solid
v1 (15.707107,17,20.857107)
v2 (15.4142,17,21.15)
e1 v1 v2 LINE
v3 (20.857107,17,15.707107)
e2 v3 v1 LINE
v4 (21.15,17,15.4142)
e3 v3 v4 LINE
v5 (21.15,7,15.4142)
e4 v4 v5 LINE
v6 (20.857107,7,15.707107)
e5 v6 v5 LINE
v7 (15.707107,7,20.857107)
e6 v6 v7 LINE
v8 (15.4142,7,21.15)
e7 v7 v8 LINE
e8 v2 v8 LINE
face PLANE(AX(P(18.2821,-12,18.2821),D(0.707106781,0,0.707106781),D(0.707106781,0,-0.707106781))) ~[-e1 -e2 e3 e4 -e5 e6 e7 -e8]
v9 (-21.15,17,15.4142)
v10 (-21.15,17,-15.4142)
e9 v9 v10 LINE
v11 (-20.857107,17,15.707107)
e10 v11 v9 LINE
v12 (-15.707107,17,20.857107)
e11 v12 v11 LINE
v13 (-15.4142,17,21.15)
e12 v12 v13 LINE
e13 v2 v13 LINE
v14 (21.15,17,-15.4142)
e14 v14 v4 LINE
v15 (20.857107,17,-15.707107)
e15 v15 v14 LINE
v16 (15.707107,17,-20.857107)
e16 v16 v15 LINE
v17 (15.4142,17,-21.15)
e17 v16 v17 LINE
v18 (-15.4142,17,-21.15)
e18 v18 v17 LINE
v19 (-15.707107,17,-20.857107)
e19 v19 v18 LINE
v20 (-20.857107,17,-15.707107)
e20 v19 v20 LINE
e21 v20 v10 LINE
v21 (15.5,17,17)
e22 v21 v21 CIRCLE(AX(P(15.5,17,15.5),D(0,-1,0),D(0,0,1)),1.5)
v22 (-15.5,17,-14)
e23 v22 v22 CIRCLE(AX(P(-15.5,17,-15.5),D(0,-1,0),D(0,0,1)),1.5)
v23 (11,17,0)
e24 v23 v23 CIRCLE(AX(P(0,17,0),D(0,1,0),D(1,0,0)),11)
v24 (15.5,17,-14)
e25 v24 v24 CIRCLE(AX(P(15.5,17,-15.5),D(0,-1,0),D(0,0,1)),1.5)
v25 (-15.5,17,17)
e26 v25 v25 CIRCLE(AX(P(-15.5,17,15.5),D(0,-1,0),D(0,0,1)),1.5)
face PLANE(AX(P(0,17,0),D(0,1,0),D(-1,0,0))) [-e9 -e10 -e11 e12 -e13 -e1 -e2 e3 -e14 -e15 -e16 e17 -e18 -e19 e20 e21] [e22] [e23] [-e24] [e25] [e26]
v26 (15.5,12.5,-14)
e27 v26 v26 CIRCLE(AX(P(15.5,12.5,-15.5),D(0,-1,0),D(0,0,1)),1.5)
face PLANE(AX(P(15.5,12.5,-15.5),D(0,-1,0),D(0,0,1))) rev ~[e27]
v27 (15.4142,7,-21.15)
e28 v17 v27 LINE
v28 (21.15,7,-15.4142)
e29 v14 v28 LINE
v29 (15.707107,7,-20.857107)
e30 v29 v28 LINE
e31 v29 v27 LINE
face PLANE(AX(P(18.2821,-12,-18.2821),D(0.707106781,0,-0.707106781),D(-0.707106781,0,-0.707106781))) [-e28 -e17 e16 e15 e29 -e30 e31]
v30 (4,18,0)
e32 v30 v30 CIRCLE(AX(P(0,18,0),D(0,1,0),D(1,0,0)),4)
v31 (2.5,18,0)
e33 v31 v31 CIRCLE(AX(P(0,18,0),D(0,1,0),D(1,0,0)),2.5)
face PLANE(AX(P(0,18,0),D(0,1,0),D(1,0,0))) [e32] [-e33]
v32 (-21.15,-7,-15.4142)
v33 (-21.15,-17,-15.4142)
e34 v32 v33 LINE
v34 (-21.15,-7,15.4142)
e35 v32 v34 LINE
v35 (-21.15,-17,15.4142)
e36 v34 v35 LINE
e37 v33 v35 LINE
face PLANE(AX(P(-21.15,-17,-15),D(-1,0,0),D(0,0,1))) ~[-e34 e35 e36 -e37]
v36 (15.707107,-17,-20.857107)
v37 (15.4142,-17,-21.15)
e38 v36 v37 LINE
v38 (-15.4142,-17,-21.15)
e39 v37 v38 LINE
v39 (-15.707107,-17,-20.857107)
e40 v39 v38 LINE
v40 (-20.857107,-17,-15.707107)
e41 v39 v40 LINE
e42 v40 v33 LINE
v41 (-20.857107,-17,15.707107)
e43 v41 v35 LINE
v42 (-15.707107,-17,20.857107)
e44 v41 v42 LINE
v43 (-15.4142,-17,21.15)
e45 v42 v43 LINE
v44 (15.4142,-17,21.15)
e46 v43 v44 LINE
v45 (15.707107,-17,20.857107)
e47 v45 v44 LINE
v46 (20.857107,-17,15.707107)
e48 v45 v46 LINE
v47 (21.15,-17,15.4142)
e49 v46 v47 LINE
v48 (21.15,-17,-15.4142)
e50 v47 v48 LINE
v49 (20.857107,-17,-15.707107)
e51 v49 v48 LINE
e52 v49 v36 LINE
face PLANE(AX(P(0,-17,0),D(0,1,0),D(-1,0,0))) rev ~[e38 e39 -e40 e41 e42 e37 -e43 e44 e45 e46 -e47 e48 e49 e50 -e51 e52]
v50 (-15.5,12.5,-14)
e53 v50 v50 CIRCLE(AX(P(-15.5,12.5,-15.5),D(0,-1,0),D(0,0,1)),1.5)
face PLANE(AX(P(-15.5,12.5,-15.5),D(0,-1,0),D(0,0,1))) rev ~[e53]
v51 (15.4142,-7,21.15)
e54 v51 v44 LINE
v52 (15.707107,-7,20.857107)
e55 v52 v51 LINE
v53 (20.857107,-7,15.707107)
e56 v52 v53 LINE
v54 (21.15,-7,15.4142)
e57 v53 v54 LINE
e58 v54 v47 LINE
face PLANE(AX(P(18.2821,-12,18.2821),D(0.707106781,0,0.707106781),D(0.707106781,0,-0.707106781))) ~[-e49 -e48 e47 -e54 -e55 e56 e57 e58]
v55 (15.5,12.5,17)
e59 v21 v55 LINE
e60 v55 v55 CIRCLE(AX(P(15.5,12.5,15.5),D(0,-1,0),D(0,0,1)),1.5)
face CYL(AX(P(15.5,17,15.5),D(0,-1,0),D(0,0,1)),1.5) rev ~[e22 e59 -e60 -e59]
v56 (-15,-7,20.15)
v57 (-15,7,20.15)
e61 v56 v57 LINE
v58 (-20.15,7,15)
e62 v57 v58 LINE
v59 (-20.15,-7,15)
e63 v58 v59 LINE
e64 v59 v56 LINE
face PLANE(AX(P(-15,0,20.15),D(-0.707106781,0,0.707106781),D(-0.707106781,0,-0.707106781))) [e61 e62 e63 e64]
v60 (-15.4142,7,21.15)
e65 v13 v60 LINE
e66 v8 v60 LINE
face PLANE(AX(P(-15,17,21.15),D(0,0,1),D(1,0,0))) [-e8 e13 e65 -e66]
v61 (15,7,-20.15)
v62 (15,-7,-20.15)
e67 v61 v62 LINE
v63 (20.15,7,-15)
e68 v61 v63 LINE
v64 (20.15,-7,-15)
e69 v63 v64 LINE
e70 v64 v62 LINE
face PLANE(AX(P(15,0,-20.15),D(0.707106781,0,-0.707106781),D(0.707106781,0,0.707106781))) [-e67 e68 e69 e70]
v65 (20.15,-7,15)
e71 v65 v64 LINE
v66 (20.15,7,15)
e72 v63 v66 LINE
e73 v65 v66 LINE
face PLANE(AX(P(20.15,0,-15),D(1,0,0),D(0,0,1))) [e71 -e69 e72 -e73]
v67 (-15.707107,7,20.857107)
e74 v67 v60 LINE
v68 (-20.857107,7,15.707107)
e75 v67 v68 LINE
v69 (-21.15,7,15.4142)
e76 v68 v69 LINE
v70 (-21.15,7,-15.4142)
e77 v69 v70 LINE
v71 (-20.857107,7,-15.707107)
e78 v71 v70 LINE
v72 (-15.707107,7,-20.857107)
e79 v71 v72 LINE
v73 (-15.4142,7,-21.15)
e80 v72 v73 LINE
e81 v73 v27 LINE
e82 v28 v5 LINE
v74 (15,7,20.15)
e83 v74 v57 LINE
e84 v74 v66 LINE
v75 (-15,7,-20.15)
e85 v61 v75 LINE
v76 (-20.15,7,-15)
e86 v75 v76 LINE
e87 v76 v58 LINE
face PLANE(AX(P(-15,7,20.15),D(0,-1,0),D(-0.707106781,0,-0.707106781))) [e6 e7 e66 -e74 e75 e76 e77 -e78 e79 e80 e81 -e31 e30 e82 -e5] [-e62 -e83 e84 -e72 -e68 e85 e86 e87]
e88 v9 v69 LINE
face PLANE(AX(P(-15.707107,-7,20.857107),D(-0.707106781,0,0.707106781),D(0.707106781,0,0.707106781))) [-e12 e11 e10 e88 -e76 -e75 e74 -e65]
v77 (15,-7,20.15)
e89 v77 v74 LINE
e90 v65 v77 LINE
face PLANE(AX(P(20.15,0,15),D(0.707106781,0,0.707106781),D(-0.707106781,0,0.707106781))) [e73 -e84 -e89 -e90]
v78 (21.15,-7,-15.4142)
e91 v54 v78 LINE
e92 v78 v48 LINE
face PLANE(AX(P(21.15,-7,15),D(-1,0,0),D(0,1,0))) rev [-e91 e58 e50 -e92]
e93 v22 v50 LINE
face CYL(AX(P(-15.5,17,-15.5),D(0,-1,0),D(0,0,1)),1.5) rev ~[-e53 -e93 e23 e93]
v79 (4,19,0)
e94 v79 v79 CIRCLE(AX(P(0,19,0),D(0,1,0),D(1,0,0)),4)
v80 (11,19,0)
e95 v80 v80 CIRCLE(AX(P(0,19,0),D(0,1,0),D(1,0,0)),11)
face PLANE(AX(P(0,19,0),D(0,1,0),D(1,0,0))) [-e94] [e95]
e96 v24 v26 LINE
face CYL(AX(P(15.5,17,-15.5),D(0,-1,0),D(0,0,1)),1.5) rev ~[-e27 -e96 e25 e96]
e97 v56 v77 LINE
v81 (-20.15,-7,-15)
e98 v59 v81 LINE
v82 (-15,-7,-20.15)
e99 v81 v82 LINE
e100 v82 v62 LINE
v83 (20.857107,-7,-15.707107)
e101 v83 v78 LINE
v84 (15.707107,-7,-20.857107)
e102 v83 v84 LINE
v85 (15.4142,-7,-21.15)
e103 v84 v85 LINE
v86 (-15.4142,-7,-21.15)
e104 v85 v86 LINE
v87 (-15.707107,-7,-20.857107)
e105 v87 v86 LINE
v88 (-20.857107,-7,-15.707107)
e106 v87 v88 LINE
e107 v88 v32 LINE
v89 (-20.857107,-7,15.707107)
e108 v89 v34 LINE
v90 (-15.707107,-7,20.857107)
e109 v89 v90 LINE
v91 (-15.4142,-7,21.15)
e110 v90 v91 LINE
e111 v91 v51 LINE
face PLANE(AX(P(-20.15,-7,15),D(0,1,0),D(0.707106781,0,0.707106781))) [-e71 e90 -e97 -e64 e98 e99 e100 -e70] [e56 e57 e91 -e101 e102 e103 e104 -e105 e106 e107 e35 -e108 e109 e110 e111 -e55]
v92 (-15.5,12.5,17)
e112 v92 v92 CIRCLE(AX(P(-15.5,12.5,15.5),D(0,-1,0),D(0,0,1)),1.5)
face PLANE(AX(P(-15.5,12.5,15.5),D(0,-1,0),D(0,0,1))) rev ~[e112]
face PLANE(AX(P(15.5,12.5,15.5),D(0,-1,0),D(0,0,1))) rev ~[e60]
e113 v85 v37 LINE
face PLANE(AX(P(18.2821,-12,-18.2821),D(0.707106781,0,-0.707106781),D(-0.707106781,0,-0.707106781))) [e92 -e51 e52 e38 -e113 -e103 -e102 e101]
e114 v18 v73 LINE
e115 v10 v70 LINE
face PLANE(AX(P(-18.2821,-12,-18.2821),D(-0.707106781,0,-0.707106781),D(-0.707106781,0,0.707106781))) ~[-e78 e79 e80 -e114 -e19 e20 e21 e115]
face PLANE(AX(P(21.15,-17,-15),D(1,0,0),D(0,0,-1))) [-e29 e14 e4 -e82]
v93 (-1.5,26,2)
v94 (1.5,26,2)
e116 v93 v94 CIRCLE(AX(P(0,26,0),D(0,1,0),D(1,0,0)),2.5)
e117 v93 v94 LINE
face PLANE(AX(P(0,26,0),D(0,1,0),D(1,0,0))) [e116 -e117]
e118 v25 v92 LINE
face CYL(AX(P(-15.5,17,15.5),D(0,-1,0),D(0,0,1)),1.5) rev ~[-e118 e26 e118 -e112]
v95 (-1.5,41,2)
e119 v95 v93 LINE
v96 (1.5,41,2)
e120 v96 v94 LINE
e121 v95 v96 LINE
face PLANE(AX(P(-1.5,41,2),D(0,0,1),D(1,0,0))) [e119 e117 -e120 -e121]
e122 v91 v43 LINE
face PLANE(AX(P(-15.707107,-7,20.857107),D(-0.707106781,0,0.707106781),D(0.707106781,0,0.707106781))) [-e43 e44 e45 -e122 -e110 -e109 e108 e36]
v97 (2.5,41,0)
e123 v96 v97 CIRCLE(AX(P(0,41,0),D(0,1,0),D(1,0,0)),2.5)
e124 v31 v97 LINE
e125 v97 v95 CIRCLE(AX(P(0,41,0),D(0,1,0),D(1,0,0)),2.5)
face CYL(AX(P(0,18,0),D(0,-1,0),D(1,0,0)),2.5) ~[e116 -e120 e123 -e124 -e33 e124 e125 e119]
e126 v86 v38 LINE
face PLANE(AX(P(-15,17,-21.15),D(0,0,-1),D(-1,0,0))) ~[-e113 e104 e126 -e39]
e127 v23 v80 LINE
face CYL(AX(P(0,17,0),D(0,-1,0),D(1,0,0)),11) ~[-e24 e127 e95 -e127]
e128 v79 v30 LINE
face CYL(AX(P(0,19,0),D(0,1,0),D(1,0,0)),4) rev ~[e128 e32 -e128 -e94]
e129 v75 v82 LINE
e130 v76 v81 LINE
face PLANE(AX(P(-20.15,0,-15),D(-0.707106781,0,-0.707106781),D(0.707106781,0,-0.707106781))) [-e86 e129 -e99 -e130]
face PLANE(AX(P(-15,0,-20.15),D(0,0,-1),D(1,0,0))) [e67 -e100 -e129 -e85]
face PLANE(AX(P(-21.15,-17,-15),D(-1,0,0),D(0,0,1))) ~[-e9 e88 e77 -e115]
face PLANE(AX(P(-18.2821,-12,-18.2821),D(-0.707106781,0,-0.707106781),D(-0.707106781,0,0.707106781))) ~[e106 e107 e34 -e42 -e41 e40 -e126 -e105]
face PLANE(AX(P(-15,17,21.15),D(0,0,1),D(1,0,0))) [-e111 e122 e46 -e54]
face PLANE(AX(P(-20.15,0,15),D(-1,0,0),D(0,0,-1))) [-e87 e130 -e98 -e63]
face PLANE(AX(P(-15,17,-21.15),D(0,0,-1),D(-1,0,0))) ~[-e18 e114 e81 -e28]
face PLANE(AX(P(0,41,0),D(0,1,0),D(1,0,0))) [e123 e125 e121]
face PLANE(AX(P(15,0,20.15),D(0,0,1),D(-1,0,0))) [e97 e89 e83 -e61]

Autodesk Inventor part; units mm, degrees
ref_plane "YZ Plane" through (0, 0, 0) normal (1, 0, 0) x (0, 1, 0)
ref_plane "XZ Plane" through (0, 0, 0) normal (0, 1, 0) x (-1, 0, 0)
ref_plane "XY Plane" through (0, 0, 0) normal (0, 0, 1) x (1, 0, 0)
sketch "Sketch2" plane through (0, 0, 0) normal (0, 1, 0) x (-1, 0, 0)
  line L0 (15, 20.15) -> (20.15, 15)
  line L1 (20.15, 15) -> (20.15, -15)
  line L2 (20.15, -15) -> (15, -20.15)
  line L3 (15, -20.15) -> (-15, -20.15)
  line L4 (-15, -20.15) -> (-20.15, -15)
  line L5 (-20.15, -15) -> (-20.15, 15)
  line L6 (-20.15, 15) -> (-15, 20.15)
  line L7 (-15, 20.15) -> (15, 20.15)
  point P0 (0, 0)
  point P1 (20.15, 0)
  point P2 (0, -20.15)
  dimension "d2" = 30
  dimension "d3" = 40.3
  dimension "d4" = 135
extrude "Extrusion1" add sketch "Sketch2" along normal mid plane 34
sketch "Sketch7" plane through (0, 17, 0) normal (0, 1, 0) x (1, 0, 0)
  circle A0 centre (0, 0) radius 11
  dimension "d27" = 22
extrude "Extrusion3" add sketch "Sketch7" along normal blind 2
sketch "Sketch8" plane through (0, 19, 0) normal (0, 1, 0) x (1, 0, 0)
  circle A0 centre (0, 0) radius 4
  dimension "d30" = 8
extrude "Extrusion4" cut sketch "Sketch8" against normal blind 1
sketch "Sketch9" plane through (0, 18, 0) normal (0, 1, 0) x (1, 0, 0)
  circle A0 centre (0, 0) radius 2.5
  dimension "d33" = 5
extrude "Extrusion5" add sketch "Sketch9" along normal blind 23
sketch "Sketch10" plane through (-15, 17, 20.15) normal (0, 0, 1) x (1, 0, 0)
  line L0 (30, 0) -> (30, -34) projected
  line L1 (0, 0) -> (30, 0) projected
  line L2 (0, -34) -> (0, 0) projected
  line L3 (30, -34) -> (0, -34) projected
  line L4 (0, 0) -> (30, 0)
  line L5 (30, 0) -> (30, -10)
  line L6 (30, -10) -> (0, -10)
  line L7 (0, -10) -> (0, 0)
  line L8 (0, 0) -> (30, -10) construction
  line L9 (30, 0) -> (0, -10) construction
  line L10 (0, -24) -> (30, -24)
  line L11 (30, -24) -> (30, -34)
  line L12 (30, -34) -> (0, -34)
  line L13 (0, -34) -> (0, -24)
  line L14 (0, -24) -> (30, -34) construction
  line L15 (30, -24) -> (0, -34) construction
  line L16 (0, 0) -> (30, 0) projected
  point P0 (15, -17)
  point P1 (15, -5)
  point P2 (15, -29)
  dimension "d36" = 10
  dimension "d37" = 10
extrude "Extrusion6" add sketch "Sketch10" along normal blind 1 contours L0 L6 L2 L1 | L0 L3 L2 L10
mirror "Mirror1" about plane through (0, 0, 0) normal (0, 0, 1) of "Extrusion6"
sketch "Sketch11" plane through (20.15, -17, -15) normal (1, 0, 0) x (0, 0, -1)
  line L0 (0, 34) -> (0, 0) projected
  line L1 (-30, 34) -> (0, 34) projected
  line L2 (-30, 34) -> (-30, 0) projected
  line L3 (0, 0) -> (-30, 0) projected
  line L4 (-30, 34) -> (0, 34)
  line L5 (0, 34) -> (0, 24)
  line L6 (0, 24) -> (-30, 24)
  line L7 (-30, 24) -> (-30, 34)
  line L8 (-30, 34) -> (0, 24) construction
  line L9 (0, 34) -> (-30, 24) construction
  line L10 (-30, 10) -> (0, 10)
  line L11 (0, 10) -> (0, 0)
  line L12 (0, 0) -> (-30, 0)
  line L13 (-30, 0) -> (-30, 10)
  line L14 (-30, 10) -> (0, 0) construction
  line L15 (0, 10) -> (-30, 0) construction
  line L16 (-30, 34) -> (0, 34) projected
  point P0 (-15, 17)
  point P1 (-15, 29)
  point P2 (-15, 5)
  dimension "d40" = 10
extrude "Extrusion7" add sketch "Sketch11" along normal blind 1 contours L0 L6 L2 L1 | L0 L3 L2 L10
mirror "Mirror2" about plane through (0, 0, 0) normal (1, 0, 0) of "Extrusion7"
sketch "Sketch12" plane through (-15, -7, 20.15) normal (-0.7071, 0, 0.7071) x (0.7071, 0, 0.7071)
  line L0 (0, -10) -> (0, 0) projected
  line L1 (0, 0) -> (0, 14) projected
  line L2 (0, 14) -> (0, 24) projected
  line L3 (-7.2832, 24) -> (0, 24) projected
  line L4 (-7.2832, 24) -> (-7.2832, 14) projected
  line L5 (-7.2832, 14) -> (-7.2832, 0) projected
  line L6 (-7.2832, 0) -> (-7.2832, -10) projected
  line L7 (0, -10) -> (-7.2832, -10) projected
  line L8 (-7.2832, 24) -> (0, 24)
  line L9 (0, 24) -> (0, 14)
  line L10 (0, 14) -> (-7.2832, 14)
  line L11 (-7.2832, 14) -> (-7.2832, 24)
  line L12 (-7.2832, 24) -> (0, 14) construction
  line L13 (0, 24) -> (-7.2832, 14) construction
  line L14 (-7.2832, 0) -> (0, 0)
  line L15 (0, 0) -> (0, -10)
  line L16 (0, -10) -> (-7.2832, -10)
  line L17 (-7.2832, -10) -> (-7.2832, 0)
  line L18 (-7.2832, 0) -> (0, -10) construction
  line L19 (0, 0) -> (-7.2832, -10) construction
  line L20 (-7.2832, 24) -> (0, 24) projected
  line L21 (0, -10) -> (-7.2832, -10) projected
  point P0 (-3.6416, 7)
  point P1 (-3.6416, 19)
  point P2 (-3.6416, -5)
  dimension "d43" = 10
  dimension "d44" = 10
extrude "Extrusion8" add sketch "Sketch12" along normal blind 1 contours L7 L6 L14 L0 | L10 L4 L3 L2
sketch "Sketch14" plane through (-15, 7, 21.15) normal (-1, 0, 0) x (0, 0, 1)
  line L0 (-1, 0) -> (-1, 10) projected
  line L1 (-1, 0) -> (0, 0) projected
  line L2 (0, 10) -> (0, 0) projected
  line L3 (-1, 10) -> (0, 10) projected
  line L4 (-1, -24) -> (-1, -14) projected
  line L5 (-1, -24) -> (0, -24) projected
  line L6 (0, -14) -> (0, -24) projected
  line L7 (-1, -14) -> (0, -14) projected
  point P0 (-21.15, -7)
extrude "Extrusion9" add sketch "Sketch14" along normal up to surface surface through (-18.2821, -12, 18.2821) normal (-0.7071, 0, 0.7071)
sketch "Sketch15" plane through (-21.15, 7, 15) normal (0, 0, 1) x (1, 0, 0)
  line L0 (1, 10) -> (1, 0) projected
  line L1 (1, 10) -> (0, 10) projected
  line L2 (0, 10) -> (0, 0) projected
  line L3 (1, 0) -> (0, 0) projected
  line L4 (1, -14) -> (1, -24) projected
  line L5 (1, -14) -> (0, -14) projected
  line L6 (0, -14) -> (0, -24) projected
  line L7 (1, -24) -> (0, -24) projected
  point P0 (21.15, -7)
extrude "Extrusion10" add sketch "Sketch15" along normal up to surface surface through (-18.2821, -12, 18.2821) normal (-0.7071, 0, 0.7071)
mirror "Mirror3" about plane through (0, 0, 0) normal (1, 0, 0) of "Extrusion8", "Extrusion9", "Extrusion10"
mirror "Mirror4" about plane through (0, 0, 0) normal (0, 0, 1) of "Extrusion8", "Extrusion9", "Extrusion10", "Mirror3"
sketch "Sketch17" plane through (0, 17, 0) normal (0, 1, 0) x (1, 0, 0)
  line L0 (-21.15, -15.4142) -> (-15.4142, -21.15) projected
  line L1 (-15.4142, -21.15) -> (15.4142, -21.15) projected
  line L2 (21.15, -15.4142) -> (15.4142, -21.15) projected
  line L3 (21.15, -15.4142) -> (21.15, 15.4142) projected
  line L4 (21.15, 15.4142) -> (15.4142, 21.15) projected
  line L5 (15.4142, 21.15) -> (-15.4142, 21.15) projected
  line L6 (-21.15, 15.4142) -> (-15.4142, 21.15) projected
  line L7 (-21.15, 15.4142) -> (-21.15, -15.4142) projected
  circle A0 centre (0, 0) radius 11 projected
  circle A1 centre (-15.5, -15.5) radius 1.5
  circle A2 centre (-15.5, 15.5) radius 1.5
  circle A3 centre (15.5, 15.5) radius 1.5
  circle A4 centre (15.5, -15.5) radius 1.5
  dimension "d53" = 3
  dimension "d54" = 31
  dimension "d55" = 31
  dimension "d57" = 15.5
  dimension "d66" = 15.5
hole "Hole3" at (-15.5, 17, 15.5) at (-15.5, 17, -15.5) at (15.5, 17, -15.5) at (15.5, 17, 15.5) direction (0, -1, 0) diameter 3 depth 4.5
sketch "Sketch19" plane through (0, 41, 0) normal (0, 1, 0) x (1, 0, 0)
  circle A0 centre (0, 0) radius 2.5 projected
  circle A1 centre (0, 0) radius 2.5 projected
  line L0 (-1.5, -2) -> (1.5, -2)
  dimension "d69" = 4.5
extrude "Extrusion12" cut sketch "Sketch19" against normal blind 15 contours L0 A0 picked at (-0.3466, -2.0912)
ref_plane "Work Plane1" through (0, 0, 0) normal (1, 0, 0) x (0, 1, 0)
ref_plane "Work Plane2" through (0, 0, 0) normal (-1, 0, 0) x (0, 1, 0)
ref_plane "Work Plane3" through (0, 0, 0) normal (-1, 0, 0) x (0, 1, 0)
properties part number "Motor_paso"
